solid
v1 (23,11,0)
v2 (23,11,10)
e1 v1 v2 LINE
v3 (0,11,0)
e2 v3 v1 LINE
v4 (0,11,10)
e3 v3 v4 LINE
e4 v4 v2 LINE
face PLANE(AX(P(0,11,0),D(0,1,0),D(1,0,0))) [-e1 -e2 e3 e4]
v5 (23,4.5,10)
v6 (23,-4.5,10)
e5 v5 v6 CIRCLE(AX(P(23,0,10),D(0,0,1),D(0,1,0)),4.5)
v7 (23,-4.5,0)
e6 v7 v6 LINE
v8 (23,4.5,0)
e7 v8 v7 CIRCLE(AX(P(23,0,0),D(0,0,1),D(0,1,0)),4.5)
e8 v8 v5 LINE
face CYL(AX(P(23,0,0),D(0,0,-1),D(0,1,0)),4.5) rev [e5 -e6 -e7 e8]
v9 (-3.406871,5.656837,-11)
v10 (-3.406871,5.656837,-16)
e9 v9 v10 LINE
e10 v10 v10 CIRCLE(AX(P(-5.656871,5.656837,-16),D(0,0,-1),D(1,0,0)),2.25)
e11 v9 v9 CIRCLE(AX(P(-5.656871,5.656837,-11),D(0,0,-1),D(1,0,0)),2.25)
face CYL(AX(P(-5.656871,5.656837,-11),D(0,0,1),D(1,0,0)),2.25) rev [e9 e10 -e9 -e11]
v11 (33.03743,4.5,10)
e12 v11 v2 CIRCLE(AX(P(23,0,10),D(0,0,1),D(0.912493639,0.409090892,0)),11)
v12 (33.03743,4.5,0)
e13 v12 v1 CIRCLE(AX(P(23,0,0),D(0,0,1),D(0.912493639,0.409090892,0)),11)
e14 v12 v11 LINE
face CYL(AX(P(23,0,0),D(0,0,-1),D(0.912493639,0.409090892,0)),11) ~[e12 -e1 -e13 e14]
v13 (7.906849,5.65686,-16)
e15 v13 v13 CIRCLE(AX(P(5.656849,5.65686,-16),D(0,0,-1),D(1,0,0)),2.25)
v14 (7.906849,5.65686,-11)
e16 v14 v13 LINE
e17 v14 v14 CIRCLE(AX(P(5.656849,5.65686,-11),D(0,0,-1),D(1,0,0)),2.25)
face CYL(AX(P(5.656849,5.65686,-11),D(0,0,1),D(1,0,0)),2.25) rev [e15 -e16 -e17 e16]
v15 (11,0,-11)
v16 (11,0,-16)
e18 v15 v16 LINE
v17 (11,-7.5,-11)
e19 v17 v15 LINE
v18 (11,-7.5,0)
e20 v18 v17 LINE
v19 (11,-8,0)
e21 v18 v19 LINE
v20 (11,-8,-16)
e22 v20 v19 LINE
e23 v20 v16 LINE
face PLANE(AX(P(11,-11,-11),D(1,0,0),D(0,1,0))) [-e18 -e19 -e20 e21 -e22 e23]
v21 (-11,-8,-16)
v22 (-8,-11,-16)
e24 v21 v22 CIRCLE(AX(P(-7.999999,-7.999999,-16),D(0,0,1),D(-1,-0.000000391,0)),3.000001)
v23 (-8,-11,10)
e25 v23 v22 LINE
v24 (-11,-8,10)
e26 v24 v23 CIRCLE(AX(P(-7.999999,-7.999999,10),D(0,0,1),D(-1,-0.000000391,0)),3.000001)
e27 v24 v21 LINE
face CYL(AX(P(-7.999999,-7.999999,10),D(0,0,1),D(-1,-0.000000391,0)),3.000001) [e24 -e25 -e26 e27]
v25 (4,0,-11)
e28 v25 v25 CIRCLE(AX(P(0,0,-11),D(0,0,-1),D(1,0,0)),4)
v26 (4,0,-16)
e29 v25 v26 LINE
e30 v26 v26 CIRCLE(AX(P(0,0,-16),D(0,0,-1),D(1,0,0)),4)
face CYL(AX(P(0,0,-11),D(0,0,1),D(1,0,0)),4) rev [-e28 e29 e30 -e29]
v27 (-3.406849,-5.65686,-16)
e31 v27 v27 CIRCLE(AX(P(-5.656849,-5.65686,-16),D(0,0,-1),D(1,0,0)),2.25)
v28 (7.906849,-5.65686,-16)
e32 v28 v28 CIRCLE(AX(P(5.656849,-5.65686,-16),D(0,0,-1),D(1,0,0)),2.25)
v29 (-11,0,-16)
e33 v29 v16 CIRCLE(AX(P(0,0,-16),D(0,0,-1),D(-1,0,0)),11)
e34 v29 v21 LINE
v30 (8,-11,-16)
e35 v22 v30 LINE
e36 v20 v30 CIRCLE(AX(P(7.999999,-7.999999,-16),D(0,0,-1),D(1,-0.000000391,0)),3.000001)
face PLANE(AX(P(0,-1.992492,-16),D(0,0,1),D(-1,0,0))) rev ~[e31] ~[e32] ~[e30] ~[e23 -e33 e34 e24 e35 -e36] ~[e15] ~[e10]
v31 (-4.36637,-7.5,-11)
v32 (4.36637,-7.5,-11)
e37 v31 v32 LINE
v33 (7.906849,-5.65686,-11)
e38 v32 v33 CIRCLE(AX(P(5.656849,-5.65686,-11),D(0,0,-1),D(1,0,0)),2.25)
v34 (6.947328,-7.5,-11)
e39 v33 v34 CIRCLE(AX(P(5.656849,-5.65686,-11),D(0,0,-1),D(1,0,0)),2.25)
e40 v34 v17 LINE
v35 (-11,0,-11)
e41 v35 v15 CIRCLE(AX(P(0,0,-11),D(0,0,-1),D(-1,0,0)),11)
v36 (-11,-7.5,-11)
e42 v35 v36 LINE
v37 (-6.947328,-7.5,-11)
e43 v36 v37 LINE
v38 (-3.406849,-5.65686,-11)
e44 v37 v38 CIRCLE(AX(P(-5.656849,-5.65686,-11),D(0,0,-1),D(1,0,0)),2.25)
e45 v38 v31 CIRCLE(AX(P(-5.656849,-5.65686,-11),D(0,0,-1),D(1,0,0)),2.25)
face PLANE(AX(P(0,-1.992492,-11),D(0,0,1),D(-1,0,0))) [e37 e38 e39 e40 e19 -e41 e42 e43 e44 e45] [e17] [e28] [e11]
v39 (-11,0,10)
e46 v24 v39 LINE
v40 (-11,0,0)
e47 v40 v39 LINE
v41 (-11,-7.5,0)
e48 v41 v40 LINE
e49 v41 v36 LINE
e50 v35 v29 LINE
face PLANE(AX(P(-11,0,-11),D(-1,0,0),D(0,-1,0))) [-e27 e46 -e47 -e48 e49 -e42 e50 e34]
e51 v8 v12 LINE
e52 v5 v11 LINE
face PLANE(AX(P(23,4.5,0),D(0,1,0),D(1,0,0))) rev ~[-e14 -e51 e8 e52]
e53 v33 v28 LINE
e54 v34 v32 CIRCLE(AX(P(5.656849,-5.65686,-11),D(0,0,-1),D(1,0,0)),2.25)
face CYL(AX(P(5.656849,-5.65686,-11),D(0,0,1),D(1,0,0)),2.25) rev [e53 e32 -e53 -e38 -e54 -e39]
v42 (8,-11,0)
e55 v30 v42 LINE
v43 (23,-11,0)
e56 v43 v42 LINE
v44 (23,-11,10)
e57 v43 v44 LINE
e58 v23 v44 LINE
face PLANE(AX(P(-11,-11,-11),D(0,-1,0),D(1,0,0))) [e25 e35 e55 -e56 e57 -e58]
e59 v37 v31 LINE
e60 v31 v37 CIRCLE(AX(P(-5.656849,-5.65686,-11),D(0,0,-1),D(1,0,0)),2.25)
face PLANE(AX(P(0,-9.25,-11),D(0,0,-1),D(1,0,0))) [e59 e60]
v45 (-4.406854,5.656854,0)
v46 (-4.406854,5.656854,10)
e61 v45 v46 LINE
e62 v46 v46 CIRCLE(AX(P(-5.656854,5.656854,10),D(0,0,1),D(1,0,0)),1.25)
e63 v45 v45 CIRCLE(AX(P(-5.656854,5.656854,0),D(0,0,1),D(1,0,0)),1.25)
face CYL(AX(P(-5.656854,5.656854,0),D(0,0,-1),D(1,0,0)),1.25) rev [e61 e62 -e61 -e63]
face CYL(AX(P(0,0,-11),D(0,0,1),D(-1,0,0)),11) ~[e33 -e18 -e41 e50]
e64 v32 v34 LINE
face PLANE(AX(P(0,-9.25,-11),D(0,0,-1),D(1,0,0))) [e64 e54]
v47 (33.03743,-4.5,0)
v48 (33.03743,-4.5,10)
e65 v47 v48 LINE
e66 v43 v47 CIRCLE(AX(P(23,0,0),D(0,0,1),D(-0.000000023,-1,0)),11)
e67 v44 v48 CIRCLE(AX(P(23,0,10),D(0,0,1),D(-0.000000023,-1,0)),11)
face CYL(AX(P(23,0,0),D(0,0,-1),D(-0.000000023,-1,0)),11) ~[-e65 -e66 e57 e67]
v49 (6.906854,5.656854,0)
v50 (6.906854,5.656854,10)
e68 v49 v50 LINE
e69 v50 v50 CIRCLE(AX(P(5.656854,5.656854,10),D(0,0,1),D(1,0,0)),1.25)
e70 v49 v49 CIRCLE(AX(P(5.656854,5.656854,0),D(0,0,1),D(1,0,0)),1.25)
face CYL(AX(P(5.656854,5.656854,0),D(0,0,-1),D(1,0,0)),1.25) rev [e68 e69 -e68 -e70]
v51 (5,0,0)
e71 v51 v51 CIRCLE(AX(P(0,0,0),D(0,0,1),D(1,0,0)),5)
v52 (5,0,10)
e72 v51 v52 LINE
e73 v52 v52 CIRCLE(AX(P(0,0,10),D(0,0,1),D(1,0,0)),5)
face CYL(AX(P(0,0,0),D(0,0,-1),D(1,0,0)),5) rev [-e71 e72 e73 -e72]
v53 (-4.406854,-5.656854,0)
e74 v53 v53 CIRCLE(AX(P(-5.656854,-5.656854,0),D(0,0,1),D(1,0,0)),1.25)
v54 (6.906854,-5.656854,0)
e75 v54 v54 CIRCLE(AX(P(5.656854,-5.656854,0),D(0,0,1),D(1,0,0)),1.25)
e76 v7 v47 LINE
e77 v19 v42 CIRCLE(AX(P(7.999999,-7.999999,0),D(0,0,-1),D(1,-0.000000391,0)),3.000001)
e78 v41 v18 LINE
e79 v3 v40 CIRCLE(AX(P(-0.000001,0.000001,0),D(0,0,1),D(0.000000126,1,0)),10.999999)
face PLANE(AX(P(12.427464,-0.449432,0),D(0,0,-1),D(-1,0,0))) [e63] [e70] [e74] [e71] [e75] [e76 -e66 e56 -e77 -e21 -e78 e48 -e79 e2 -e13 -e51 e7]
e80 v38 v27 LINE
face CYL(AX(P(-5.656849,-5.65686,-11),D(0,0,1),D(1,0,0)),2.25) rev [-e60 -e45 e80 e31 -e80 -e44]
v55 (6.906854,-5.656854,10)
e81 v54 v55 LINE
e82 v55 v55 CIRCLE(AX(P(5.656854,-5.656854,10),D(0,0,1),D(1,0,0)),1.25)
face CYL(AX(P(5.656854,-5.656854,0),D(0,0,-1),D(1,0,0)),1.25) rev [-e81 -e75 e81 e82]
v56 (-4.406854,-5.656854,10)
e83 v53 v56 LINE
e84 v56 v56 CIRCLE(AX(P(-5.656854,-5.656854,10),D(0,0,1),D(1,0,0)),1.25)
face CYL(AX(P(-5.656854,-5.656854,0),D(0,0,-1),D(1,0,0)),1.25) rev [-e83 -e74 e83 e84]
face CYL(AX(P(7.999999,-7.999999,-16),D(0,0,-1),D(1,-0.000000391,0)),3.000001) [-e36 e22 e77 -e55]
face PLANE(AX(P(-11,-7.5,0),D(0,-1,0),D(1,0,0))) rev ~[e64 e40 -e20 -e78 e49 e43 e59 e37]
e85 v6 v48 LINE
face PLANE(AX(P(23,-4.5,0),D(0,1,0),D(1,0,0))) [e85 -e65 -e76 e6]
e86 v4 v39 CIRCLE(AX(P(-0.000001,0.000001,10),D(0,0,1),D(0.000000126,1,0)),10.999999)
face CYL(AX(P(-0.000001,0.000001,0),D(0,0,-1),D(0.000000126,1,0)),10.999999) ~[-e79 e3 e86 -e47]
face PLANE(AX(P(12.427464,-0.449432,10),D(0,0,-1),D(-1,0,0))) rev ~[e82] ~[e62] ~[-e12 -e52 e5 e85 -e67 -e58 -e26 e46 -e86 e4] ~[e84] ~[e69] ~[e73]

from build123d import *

# Parameters (mm, degrees)
SKETCH_R        = 5
SKETCH_R_2      = 1.25
PAD_DEPTH       = 10
SKETCH002_W     = 22
SKETCH002_H     = 3.5
PAD001_DEPTH    = 11
SKETCH003_R     = 4
SKETCH003_R_2   = 2.25
PAD002_DEPTH    = 5
POCKET_DEPTH    = 26.001
POCKET001_DEPTH = 16


with BuildPart() as part:
    # Sketch → Pad (new body)
    with BuildSketch(Plane.XY):
        with BuildLine():
            Line((0, 11), (23, 11))
            ThreePointArc((33.03743, 4.5), (28.97913, 9.233093), (23, 11))
            Line((23, 4.5), (33.03743, 4.5))
            ThreePointArc((23, 4.5), (18.5, 0), (23, -4.5))
            Line((23, -4.5), (33.03743, -4.5))
            ThreePointArc((23, -11), (28.97913, -9.233093), (33.03743, -4.5))
            Line((23, -11), (0, -11))
            Line((-11, -11), (0, -11))
            Line((-11, -11), (-11, 0))
            ThreePointArc((0, 11), (-7.778175, 7.778175), (-11, 0))
        make_face()
        Circle(SKETCH_R, mode=Mode.SUBTRACT)
        with Locations((-5.656854, 5.656854)):
            Circle(SKETCH_R_2, mode=Mode.SUBTRACT)
        with Locations((5.656854, 5.656854)):
            Circle(SKETCH_R_2, mode=Mode.SUBTRACT)
        with Locations((5.656854, -5.656854)):
            Circle(SKETCH_R_2, mode=Mode.SUBTRACT)
        with Locations((-5.656854, -5.656854)):
            Circle(SKETCH_R_2, mode=Mode.SUBTRACT)
    extrude(amount=PAD_DEPTH)

    # Sketch002 (on Face16 of Pad) → Pad001 (join)
    with BuildSketch(Plane(origin=(0, 0, 0), x_dir=(1, 0, 0), z_dir=(0, 0, -1))):
        with Locations((0, 9.25)):
            Rectangle(SKETCH002_W, SKETCH002_H)
    extrude(amount=PAD001_DEPTH)

    # Sketch003 (on Face11 of Pad001) → Pad002 (join)
    with BuildSketch(Plane(origin=(0, 0, -11), x_dir=(1, 0, 0), z_dir=(0, 0, -1))):
        with BuildLine():
            Line((-11, 0), (-11, 11))
            Line((-11, 11), (11, 11))
            Line((11, 11), (11, 0))
            ThreePointArc((-11, 0), (0, -11), (11, 0))
        make_face()
        Circle(SKETCH003_R, mode=Mode.SUBTRACT)
        with Locations((-5.656849, 5.65686)):
            Circle(SKETCH003_R_2, mode=Mode.SUBTRACT)
        with Locations((5.656849, 5.65686)):
            Circle(SKETCH003_R_2, mode=Mode.SUBTRACT)
        with Locations((5.656849, -5.65686)):
            Circle(SKETCH003_R_2, mode=Mode.SUBTRACT)
        with Locations((-5.656871, -5.656837)):
            Circle(SKETCH003_R_2, mode=Mode.SUBTRACT)
    extrude(amount=PAD002_DEPTH)

    # Sketch005 (on Face6 of Pad002) → Pocket (cut, through all)
    with BuildSketch(Plane.XY.offset(10)):
        with BuildLine():
            Line((-11, -11), (-11, -8))
            ThreePointArc((-11, -8), (-10.12132, -10.12132), (-8, -11))
            Line((-11, -11), (-8, -11))
        make_face()
    extrude(amount=-POCKET_DEPTH, mode=Mode.SUBTRACT)

    # Sketch006 (on Face25 of Pocket) → Pocket001 (cut)
    with BuildSketch(Plane(origin=(0, 0, -16), x_dir=(1, 0, 0), z_dir=(0, 0, -1))):
        with BuildLine():
            Line((8, 11), (11, 11))
            Line((11, 11), (11, 8))
            ThreePointArc((11, 8), (10.12132, 10.12132), (8, 11))
        make_face()
    extrude(amount=-POCKET001_DEPTH, mode=Mode.SUBTRACT)


solid = part.part
